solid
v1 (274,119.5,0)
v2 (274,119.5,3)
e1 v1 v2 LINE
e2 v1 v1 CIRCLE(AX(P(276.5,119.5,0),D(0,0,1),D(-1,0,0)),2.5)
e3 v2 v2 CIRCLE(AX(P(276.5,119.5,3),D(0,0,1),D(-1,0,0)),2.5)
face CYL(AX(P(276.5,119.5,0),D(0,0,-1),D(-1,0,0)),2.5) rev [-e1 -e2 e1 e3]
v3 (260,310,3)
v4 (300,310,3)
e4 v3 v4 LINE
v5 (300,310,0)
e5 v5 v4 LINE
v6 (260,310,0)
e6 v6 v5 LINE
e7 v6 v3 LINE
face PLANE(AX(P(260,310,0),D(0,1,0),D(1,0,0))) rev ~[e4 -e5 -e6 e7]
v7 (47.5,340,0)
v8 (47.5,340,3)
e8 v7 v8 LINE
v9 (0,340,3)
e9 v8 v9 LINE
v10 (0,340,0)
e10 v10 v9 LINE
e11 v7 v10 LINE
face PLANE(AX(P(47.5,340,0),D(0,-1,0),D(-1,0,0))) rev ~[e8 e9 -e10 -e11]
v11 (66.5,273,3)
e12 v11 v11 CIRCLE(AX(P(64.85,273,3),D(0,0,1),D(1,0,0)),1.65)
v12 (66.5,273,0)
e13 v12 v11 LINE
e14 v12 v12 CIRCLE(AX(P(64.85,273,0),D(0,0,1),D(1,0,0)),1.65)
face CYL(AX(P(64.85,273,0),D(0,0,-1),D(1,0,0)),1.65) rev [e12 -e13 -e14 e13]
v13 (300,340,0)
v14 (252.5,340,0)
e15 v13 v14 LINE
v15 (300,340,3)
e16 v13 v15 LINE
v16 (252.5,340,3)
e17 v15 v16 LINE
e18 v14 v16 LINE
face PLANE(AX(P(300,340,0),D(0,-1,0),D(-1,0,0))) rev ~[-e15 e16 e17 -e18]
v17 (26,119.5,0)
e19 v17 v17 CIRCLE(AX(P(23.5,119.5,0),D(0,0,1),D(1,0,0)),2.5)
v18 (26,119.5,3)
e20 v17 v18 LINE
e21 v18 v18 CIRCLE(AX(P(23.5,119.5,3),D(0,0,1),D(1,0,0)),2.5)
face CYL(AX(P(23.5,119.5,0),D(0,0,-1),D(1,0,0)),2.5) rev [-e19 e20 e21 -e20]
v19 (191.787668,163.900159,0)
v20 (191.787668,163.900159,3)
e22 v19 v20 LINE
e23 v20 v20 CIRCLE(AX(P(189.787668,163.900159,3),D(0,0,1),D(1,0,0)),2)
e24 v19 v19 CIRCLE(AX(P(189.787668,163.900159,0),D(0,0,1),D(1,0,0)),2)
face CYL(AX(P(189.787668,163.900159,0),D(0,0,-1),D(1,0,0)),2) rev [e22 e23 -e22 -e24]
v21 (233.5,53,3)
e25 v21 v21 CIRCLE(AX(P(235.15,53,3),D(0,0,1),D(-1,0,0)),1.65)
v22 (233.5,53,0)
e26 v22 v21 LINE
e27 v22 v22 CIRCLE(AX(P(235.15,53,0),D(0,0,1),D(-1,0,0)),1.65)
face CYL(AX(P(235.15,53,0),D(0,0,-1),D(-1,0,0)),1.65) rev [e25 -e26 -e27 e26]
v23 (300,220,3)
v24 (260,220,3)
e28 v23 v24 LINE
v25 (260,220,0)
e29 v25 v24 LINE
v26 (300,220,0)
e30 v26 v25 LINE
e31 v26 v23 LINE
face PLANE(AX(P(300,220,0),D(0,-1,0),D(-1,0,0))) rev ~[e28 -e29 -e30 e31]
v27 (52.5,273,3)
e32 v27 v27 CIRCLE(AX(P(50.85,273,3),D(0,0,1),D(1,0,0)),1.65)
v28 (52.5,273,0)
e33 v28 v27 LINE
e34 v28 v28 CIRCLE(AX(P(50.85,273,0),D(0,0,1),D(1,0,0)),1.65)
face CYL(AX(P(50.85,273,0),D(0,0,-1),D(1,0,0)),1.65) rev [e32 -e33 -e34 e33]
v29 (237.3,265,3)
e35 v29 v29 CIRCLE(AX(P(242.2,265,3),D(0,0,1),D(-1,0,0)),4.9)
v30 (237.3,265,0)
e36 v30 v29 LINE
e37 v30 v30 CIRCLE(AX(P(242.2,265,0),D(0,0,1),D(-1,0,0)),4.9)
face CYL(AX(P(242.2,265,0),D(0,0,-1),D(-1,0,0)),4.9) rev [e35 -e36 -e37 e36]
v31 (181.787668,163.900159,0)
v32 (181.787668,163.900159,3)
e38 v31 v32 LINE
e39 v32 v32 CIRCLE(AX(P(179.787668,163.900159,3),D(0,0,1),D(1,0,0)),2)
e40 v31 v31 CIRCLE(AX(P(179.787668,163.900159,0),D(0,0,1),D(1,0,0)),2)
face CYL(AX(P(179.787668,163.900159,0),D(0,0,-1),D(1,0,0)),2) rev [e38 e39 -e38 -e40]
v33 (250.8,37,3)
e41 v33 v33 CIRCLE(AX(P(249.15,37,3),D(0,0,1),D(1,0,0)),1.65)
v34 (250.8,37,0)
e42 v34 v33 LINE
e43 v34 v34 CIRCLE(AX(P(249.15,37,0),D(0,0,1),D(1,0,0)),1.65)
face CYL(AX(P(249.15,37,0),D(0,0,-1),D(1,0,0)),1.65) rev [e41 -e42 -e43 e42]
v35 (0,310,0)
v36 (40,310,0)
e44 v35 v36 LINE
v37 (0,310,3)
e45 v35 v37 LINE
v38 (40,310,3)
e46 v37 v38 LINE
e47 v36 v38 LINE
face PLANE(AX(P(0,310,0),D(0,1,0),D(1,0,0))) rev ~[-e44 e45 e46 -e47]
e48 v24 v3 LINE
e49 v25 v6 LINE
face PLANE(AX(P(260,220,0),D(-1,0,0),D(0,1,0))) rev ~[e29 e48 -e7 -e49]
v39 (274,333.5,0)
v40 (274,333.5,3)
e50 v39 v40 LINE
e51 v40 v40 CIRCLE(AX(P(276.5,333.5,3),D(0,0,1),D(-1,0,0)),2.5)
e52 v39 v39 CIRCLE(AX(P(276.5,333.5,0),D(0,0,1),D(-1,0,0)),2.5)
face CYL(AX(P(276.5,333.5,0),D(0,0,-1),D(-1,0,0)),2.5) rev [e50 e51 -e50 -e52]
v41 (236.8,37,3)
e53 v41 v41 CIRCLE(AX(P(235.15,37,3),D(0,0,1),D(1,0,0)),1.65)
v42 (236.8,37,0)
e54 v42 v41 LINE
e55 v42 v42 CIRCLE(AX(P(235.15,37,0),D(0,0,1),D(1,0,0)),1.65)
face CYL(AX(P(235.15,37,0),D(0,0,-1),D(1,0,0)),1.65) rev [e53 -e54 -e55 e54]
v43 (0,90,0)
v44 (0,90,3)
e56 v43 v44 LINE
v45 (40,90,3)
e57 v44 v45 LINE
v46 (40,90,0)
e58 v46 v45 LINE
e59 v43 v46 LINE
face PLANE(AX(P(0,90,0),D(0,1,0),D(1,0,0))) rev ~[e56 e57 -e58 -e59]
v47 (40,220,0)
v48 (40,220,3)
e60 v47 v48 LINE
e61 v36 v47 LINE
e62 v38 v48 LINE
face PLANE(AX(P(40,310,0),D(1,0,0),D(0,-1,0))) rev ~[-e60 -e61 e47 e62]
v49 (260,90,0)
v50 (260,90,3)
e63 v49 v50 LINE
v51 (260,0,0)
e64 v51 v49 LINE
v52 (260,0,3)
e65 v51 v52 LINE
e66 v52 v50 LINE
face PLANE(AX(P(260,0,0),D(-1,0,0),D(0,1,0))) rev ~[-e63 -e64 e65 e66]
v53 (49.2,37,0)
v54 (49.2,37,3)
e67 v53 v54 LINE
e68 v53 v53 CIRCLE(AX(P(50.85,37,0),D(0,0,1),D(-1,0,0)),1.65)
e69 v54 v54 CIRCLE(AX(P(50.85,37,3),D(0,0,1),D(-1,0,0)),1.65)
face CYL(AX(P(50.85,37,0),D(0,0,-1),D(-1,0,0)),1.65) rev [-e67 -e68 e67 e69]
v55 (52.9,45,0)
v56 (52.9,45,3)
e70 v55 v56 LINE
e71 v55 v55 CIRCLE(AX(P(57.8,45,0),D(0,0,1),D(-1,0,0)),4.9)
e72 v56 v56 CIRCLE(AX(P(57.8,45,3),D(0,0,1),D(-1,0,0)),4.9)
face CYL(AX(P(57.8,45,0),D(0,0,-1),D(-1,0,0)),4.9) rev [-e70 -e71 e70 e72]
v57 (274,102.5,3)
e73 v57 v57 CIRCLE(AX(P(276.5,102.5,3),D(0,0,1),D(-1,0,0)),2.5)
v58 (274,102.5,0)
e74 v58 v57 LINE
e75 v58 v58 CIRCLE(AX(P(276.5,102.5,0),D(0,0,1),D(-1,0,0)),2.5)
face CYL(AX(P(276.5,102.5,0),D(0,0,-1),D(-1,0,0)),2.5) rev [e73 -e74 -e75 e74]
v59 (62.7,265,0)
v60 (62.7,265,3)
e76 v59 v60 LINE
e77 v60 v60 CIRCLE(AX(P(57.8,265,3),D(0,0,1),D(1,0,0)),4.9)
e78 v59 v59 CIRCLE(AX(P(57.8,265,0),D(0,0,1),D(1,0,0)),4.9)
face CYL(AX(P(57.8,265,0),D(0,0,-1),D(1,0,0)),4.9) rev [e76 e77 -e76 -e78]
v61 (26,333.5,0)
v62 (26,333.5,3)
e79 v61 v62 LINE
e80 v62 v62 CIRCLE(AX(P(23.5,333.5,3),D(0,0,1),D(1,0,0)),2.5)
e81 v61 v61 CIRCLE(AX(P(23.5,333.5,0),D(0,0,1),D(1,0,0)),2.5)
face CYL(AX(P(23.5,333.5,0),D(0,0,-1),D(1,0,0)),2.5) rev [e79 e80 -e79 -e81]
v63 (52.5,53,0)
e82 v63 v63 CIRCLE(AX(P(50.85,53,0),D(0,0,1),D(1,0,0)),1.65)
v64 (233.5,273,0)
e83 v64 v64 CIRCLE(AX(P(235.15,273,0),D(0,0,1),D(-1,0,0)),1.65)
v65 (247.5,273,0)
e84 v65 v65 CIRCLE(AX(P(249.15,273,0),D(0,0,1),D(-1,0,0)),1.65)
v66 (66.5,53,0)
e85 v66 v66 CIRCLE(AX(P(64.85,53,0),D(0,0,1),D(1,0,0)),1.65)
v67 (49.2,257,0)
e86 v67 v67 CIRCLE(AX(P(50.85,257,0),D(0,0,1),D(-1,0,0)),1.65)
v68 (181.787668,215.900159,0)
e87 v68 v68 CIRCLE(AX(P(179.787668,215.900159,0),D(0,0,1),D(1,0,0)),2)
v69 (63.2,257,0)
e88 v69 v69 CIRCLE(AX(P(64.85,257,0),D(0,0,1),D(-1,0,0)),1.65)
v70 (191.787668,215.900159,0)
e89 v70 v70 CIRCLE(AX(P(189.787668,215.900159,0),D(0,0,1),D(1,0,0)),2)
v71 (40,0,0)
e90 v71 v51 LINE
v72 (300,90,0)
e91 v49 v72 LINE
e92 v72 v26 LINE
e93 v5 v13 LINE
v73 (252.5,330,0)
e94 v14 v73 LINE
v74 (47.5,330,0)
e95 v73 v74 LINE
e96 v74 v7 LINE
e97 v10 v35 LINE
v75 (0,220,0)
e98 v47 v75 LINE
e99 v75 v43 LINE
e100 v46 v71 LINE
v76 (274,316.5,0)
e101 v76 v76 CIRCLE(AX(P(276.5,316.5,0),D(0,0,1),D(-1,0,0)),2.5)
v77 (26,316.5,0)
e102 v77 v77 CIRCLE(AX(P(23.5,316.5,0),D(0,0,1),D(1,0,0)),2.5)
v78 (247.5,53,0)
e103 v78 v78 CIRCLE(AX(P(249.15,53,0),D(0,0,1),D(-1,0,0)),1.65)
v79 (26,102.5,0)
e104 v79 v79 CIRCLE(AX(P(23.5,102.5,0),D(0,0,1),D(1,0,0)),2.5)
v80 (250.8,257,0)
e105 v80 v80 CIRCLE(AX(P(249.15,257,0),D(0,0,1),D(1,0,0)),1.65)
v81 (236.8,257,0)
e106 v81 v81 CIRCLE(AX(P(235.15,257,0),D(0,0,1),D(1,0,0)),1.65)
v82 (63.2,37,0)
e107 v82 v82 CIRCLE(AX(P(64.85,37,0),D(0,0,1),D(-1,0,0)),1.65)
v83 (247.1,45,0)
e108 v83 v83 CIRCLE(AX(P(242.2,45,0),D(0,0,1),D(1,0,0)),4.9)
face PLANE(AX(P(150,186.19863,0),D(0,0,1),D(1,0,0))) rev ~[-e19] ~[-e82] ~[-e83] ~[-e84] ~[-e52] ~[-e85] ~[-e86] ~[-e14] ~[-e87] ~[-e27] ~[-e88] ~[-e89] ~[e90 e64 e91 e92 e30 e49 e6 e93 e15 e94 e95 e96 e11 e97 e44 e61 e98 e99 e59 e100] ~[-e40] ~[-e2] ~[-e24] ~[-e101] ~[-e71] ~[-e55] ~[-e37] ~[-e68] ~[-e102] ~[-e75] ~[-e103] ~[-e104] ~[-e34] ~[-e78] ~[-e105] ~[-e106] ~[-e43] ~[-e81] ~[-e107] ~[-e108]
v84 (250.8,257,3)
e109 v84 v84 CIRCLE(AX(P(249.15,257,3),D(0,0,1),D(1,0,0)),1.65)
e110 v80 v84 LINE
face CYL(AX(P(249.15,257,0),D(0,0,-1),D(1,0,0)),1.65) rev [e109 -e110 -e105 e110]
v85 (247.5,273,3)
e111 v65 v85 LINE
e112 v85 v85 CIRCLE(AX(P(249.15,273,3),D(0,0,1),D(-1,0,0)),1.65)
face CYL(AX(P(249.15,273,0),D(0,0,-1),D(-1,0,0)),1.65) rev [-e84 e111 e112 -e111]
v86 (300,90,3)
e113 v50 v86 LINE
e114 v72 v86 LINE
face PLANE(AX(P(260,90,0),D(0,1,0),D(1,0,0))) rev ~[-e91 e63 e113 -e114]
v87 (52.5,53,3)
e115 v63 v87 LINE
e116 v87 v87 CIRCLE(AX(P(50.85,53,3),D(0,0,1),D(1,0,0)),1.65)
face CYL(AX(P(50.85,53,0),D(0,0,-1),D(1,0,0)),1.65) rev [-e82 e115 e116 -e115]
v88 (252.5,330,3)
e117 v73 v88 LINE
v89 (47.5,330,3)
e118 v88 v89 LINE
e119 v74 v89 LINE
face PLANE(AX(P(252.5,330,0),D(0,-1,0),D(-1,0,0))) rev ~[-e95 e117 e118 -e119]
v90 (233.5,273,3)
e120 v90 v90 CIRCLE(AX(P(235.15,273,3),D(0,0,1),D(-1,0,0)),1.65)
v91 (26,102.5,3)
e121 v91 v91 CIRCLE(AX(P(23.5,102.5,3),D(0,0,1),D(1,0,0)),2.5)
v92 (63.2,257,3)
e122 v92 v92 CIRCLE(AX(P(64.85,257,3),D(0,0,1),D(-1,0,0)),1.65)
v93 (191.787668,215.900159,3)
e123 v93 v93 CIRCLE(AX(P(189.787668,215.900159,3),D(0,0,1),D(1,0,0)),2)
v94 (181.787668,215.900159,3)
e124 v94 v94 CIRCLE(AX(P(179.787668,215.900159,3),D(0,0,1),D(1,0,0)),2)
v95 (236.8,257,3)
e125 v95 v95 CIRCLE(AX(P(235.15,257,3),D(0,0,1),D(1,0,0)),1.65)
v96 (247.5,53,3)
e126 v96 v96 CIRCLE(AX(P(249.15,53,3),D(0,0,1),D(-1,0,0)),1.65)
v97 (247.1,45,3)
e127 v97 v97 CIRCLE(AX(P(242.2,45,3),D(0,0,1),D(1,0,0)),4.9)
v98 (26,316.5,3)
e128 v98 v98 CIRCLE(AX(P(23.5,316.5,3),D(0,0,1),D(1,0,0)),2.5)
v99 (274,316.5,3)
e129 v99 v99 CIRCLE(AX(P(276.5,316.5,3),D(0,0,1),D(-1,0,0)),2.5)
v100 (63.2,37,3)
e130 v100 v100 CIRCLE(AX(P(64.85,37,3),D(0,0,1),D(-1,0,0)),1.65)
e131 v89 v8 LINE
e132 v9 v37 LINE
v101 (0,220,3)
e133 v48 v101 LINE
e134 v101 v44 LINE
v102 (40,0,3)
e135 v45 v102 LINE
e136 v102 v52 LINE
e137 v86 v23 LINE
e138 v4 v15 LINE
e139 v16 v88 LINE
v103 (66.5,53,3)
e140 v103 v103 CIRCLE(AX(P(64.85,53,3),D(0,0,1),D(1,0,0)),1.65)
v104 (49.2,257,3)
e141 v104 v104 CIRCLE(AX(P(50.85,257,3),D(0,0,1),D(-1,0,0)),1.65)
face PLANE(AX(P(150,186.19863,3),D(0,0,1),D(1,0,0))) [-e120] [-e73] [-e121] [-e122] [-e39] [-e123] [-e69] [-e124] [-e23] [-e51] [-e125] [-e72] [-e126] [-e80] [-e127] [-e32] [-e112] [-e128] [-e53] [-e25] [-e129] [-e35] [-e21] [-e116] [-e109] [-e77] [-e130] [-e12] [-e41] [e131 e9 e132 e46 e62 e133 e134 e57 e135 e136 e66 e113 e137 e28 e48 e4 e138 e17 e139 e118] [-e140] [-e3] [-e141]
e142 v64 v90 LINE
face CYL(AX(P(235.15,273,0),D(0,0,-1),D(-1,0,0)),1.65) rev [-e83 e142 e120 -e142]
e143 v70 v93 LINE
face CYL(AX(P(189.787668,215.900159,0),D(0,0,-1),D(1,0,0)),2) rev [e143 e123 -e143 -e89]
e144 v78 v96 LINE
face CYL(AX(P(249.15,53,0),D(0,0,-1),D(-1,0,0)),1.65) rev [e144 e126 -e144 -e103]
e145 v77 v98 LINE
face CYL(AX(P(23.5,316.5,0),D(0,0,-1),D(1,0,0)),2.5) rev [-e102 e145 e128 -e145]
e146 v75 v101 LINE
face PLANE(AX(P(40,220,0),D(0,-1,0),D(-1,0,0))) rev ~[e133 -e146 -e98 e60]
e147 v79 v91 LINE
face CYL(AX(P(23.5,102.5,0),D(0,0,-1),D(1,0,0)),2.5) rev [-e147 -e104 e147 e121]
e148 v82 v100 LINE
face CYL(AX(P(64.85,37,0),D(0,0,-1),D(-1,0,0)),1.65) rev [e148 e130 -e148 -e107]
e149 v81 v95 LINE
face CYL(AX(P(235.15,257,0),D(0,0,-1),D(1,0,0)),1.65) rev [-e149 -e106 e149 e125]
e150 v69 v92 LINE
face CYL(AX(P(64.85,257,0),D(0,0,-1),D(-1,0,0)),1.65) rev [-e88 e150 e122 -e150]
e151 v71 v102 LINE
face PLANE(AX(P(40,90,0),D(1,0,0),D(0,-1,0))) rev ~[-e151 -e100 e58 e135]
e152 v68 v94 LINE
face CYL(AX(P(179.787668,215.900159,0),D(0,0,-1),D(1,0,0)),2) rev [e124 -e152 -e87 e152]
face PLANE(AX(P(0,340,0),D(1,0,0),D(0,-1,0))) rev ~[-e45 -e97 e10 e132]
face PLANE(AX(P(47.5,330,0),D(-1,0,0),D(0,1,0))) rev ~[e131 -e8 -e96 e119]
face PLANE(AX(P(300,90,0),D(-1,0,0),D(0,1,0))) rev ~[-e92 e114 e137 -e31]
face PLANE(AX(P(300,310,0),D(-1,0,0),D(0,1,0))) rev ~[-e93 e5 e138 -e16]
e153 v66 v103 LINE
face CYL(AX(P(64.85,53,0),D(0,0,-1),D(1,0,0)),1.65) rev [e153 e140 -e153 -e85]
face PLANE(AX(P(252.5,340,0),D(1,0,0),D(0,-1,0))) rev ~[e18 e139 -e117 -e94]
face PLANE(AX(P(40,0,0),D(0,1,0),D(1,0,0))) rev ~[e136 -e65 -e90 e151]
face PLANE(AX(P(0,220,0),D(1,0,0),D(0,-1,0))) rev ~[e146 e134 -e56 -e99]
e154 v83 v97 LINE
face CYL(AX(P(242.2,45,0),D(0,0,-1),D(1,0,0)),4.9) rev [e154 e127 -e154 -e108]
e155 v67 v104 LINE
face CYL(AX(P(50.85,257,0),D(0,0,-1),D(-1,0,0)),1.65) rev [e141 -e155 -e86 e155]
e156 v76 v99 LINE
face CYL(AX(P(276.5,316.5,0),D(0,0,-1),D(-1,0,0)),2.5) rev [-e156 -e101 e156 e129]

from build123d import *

# Parameters (mm, degrees)
SKETCH_2_R      = 1.65
SKETCH_2_R_2    = 4.9
SKETCH_2_R_3    = 2.5
SKETCH_2_R_4    = 2
EXTRUDE_1_DEPTH = 3


with BuildPart() as part:
    # 草图2 → 凸台-拉伸1 (new body)
    with BuildSketch(Plane.XY):
        Polygon((40, 0), (260, 0), (260, 90), (300, 90), (300, 220), (260, 220), (260, 310), (300, 310), (300, 340), (252.5, 340), (252.5, 330), (47.5, 330), (47.5, 340), (0, 340), (0, 310), (40, 310), (40, 220), (0, 220), (0, 90), (40, 90), align=None)
        with Locations((50.85, 273)):
            Circle(SKETCH_2_R, mode=Mode.SUBTRACT)
        with Locations((64.85, 273)):
            Circle(SKETCH_2_R, mode=Mode.SUBTRACT)
        with Locations((64.85, 257)):
            Circle(SKETCH_2_R, mode=Mode.SUBTRACT)
        with Locations((50.85, 257)):
            Circle(SKETCH_2_R, mode=Mode.SUBTRACT)
        with Locations((57.8, 265)):
            Circle(SKETCH_2_R_2, mode=Mode.SUBTRACT)
        with Locations((235.15, 257)):
            Circle(SKETCH_2_R, mode=Mode.SUBTRACT)
        with Locations((249.15, 257)):
            Circle(SKETCH_2_R, mode=Mode.SUBTRACT)
        with Locations((242.2, 265)):
            Circle(SKETCH_2_R_2, mode=Mode.SUBTRACT)
        with Locations((235.15, 273)):
            Circle(SKETCH_2_R, mode=Mode.SUBTRACT)
        with Locations((249.15, 273)):
            Circle(SKETCH_2_R, mode=Mode.SUBTRACT)
        with Locations((249.15, 53)):
            Circle(SKETCH_2_R, mode=Mode.SUBTRACT)
        with Locations((235.15, 53)):
            Circle(SKETCH_2_R, mode=Mode.SUBTRACT)
        with Locations((249.15, 37)):
            Circle(SKETCH_2_R, mode=Mode.SUBTRACT)
        with Locations((242.2, 45)):
            Circle(SKETCH_2_R_2, mode=Mode.SUBTRACT)
        with Locations((235.15, 37)):
            Circle(SKETCH_2_R, mode=Mode.SUBTRACT)
        with Locations((50.85, 53)):
            Circle(SKETCH_2_R, mode=Mode.SUBTRACT)
        with Locations((64.85, 53)):
            Circle(SKETCH_2_R, mode=Mode.SUBTRACT)
        with Locations((64.85, 37)):
            Circle(SKETCH_2_R, mode=Mode.SUBTRACT)
        with Locations((57.8, 45)):
            Circle(SKETCH_2_R_2, mode=Mode.SUBTRACT)
        with Locations((50.85, 37)):
            Circle(SKETCH_2_R, mode=Mode.SUBTRACT)
        with Locations((23.5, 333.5)):
            Circle(SKETCH_2_R_3, mode=Mode.SUBTRACT)
        with Locations((23.5, 316.5)):
            Circle(SKETCH_2_R_3, mode=Mode.SUBTRACT)
        with Locations((276.5, 316.5)):
            Circle(SKETCH_2_R_3, mode=Mode.SUBTRACT)
        with Locations((276.5, 333.5)):
            Circle(SKETCH_2_R_3, mode=Mode.SUBTRACT)
        with Locations((23.5, 119.5)):
            Circle(SKETCH_2_R_3, mode=Mode.SUBTRACT)
        with Locations((23.5, 102.5)):
            Circle(SKETCH_2_R_3, mode=Mode.SUBTRACT)
        with Locations((276.5, 102.5)):
            Circle(SKETCH_2_R_3, mode=Mode.SUBTRACT)
        with Locations((276.5, 119.5)):
            Circle(SKETCH_2_R_3, mode=Mode.SUBTRACT)
        with Locations((179.787668085, 215.90015868)):
            Circle(SKETCH_2_R_4, mode=Mode.SUBTRACT)
        with Locations((189.787668085, 215.90015868)):
            Circle(SKETCH_2_R_4, mode=Mode.SUBTRACT)
        with Locations((179.787668085, 163.90015868)):
            Circle(SKETCH_2_R_4, mode=Mode.SUBTRACT)
        with Locations((189.787668085, 163.90015868)):
            Circle(SKETCH_2_R_4, mode=Mode.SUBTRACT)
    extrude(amount=EXTRUDE_1_DEPTH)


solid = part.part
